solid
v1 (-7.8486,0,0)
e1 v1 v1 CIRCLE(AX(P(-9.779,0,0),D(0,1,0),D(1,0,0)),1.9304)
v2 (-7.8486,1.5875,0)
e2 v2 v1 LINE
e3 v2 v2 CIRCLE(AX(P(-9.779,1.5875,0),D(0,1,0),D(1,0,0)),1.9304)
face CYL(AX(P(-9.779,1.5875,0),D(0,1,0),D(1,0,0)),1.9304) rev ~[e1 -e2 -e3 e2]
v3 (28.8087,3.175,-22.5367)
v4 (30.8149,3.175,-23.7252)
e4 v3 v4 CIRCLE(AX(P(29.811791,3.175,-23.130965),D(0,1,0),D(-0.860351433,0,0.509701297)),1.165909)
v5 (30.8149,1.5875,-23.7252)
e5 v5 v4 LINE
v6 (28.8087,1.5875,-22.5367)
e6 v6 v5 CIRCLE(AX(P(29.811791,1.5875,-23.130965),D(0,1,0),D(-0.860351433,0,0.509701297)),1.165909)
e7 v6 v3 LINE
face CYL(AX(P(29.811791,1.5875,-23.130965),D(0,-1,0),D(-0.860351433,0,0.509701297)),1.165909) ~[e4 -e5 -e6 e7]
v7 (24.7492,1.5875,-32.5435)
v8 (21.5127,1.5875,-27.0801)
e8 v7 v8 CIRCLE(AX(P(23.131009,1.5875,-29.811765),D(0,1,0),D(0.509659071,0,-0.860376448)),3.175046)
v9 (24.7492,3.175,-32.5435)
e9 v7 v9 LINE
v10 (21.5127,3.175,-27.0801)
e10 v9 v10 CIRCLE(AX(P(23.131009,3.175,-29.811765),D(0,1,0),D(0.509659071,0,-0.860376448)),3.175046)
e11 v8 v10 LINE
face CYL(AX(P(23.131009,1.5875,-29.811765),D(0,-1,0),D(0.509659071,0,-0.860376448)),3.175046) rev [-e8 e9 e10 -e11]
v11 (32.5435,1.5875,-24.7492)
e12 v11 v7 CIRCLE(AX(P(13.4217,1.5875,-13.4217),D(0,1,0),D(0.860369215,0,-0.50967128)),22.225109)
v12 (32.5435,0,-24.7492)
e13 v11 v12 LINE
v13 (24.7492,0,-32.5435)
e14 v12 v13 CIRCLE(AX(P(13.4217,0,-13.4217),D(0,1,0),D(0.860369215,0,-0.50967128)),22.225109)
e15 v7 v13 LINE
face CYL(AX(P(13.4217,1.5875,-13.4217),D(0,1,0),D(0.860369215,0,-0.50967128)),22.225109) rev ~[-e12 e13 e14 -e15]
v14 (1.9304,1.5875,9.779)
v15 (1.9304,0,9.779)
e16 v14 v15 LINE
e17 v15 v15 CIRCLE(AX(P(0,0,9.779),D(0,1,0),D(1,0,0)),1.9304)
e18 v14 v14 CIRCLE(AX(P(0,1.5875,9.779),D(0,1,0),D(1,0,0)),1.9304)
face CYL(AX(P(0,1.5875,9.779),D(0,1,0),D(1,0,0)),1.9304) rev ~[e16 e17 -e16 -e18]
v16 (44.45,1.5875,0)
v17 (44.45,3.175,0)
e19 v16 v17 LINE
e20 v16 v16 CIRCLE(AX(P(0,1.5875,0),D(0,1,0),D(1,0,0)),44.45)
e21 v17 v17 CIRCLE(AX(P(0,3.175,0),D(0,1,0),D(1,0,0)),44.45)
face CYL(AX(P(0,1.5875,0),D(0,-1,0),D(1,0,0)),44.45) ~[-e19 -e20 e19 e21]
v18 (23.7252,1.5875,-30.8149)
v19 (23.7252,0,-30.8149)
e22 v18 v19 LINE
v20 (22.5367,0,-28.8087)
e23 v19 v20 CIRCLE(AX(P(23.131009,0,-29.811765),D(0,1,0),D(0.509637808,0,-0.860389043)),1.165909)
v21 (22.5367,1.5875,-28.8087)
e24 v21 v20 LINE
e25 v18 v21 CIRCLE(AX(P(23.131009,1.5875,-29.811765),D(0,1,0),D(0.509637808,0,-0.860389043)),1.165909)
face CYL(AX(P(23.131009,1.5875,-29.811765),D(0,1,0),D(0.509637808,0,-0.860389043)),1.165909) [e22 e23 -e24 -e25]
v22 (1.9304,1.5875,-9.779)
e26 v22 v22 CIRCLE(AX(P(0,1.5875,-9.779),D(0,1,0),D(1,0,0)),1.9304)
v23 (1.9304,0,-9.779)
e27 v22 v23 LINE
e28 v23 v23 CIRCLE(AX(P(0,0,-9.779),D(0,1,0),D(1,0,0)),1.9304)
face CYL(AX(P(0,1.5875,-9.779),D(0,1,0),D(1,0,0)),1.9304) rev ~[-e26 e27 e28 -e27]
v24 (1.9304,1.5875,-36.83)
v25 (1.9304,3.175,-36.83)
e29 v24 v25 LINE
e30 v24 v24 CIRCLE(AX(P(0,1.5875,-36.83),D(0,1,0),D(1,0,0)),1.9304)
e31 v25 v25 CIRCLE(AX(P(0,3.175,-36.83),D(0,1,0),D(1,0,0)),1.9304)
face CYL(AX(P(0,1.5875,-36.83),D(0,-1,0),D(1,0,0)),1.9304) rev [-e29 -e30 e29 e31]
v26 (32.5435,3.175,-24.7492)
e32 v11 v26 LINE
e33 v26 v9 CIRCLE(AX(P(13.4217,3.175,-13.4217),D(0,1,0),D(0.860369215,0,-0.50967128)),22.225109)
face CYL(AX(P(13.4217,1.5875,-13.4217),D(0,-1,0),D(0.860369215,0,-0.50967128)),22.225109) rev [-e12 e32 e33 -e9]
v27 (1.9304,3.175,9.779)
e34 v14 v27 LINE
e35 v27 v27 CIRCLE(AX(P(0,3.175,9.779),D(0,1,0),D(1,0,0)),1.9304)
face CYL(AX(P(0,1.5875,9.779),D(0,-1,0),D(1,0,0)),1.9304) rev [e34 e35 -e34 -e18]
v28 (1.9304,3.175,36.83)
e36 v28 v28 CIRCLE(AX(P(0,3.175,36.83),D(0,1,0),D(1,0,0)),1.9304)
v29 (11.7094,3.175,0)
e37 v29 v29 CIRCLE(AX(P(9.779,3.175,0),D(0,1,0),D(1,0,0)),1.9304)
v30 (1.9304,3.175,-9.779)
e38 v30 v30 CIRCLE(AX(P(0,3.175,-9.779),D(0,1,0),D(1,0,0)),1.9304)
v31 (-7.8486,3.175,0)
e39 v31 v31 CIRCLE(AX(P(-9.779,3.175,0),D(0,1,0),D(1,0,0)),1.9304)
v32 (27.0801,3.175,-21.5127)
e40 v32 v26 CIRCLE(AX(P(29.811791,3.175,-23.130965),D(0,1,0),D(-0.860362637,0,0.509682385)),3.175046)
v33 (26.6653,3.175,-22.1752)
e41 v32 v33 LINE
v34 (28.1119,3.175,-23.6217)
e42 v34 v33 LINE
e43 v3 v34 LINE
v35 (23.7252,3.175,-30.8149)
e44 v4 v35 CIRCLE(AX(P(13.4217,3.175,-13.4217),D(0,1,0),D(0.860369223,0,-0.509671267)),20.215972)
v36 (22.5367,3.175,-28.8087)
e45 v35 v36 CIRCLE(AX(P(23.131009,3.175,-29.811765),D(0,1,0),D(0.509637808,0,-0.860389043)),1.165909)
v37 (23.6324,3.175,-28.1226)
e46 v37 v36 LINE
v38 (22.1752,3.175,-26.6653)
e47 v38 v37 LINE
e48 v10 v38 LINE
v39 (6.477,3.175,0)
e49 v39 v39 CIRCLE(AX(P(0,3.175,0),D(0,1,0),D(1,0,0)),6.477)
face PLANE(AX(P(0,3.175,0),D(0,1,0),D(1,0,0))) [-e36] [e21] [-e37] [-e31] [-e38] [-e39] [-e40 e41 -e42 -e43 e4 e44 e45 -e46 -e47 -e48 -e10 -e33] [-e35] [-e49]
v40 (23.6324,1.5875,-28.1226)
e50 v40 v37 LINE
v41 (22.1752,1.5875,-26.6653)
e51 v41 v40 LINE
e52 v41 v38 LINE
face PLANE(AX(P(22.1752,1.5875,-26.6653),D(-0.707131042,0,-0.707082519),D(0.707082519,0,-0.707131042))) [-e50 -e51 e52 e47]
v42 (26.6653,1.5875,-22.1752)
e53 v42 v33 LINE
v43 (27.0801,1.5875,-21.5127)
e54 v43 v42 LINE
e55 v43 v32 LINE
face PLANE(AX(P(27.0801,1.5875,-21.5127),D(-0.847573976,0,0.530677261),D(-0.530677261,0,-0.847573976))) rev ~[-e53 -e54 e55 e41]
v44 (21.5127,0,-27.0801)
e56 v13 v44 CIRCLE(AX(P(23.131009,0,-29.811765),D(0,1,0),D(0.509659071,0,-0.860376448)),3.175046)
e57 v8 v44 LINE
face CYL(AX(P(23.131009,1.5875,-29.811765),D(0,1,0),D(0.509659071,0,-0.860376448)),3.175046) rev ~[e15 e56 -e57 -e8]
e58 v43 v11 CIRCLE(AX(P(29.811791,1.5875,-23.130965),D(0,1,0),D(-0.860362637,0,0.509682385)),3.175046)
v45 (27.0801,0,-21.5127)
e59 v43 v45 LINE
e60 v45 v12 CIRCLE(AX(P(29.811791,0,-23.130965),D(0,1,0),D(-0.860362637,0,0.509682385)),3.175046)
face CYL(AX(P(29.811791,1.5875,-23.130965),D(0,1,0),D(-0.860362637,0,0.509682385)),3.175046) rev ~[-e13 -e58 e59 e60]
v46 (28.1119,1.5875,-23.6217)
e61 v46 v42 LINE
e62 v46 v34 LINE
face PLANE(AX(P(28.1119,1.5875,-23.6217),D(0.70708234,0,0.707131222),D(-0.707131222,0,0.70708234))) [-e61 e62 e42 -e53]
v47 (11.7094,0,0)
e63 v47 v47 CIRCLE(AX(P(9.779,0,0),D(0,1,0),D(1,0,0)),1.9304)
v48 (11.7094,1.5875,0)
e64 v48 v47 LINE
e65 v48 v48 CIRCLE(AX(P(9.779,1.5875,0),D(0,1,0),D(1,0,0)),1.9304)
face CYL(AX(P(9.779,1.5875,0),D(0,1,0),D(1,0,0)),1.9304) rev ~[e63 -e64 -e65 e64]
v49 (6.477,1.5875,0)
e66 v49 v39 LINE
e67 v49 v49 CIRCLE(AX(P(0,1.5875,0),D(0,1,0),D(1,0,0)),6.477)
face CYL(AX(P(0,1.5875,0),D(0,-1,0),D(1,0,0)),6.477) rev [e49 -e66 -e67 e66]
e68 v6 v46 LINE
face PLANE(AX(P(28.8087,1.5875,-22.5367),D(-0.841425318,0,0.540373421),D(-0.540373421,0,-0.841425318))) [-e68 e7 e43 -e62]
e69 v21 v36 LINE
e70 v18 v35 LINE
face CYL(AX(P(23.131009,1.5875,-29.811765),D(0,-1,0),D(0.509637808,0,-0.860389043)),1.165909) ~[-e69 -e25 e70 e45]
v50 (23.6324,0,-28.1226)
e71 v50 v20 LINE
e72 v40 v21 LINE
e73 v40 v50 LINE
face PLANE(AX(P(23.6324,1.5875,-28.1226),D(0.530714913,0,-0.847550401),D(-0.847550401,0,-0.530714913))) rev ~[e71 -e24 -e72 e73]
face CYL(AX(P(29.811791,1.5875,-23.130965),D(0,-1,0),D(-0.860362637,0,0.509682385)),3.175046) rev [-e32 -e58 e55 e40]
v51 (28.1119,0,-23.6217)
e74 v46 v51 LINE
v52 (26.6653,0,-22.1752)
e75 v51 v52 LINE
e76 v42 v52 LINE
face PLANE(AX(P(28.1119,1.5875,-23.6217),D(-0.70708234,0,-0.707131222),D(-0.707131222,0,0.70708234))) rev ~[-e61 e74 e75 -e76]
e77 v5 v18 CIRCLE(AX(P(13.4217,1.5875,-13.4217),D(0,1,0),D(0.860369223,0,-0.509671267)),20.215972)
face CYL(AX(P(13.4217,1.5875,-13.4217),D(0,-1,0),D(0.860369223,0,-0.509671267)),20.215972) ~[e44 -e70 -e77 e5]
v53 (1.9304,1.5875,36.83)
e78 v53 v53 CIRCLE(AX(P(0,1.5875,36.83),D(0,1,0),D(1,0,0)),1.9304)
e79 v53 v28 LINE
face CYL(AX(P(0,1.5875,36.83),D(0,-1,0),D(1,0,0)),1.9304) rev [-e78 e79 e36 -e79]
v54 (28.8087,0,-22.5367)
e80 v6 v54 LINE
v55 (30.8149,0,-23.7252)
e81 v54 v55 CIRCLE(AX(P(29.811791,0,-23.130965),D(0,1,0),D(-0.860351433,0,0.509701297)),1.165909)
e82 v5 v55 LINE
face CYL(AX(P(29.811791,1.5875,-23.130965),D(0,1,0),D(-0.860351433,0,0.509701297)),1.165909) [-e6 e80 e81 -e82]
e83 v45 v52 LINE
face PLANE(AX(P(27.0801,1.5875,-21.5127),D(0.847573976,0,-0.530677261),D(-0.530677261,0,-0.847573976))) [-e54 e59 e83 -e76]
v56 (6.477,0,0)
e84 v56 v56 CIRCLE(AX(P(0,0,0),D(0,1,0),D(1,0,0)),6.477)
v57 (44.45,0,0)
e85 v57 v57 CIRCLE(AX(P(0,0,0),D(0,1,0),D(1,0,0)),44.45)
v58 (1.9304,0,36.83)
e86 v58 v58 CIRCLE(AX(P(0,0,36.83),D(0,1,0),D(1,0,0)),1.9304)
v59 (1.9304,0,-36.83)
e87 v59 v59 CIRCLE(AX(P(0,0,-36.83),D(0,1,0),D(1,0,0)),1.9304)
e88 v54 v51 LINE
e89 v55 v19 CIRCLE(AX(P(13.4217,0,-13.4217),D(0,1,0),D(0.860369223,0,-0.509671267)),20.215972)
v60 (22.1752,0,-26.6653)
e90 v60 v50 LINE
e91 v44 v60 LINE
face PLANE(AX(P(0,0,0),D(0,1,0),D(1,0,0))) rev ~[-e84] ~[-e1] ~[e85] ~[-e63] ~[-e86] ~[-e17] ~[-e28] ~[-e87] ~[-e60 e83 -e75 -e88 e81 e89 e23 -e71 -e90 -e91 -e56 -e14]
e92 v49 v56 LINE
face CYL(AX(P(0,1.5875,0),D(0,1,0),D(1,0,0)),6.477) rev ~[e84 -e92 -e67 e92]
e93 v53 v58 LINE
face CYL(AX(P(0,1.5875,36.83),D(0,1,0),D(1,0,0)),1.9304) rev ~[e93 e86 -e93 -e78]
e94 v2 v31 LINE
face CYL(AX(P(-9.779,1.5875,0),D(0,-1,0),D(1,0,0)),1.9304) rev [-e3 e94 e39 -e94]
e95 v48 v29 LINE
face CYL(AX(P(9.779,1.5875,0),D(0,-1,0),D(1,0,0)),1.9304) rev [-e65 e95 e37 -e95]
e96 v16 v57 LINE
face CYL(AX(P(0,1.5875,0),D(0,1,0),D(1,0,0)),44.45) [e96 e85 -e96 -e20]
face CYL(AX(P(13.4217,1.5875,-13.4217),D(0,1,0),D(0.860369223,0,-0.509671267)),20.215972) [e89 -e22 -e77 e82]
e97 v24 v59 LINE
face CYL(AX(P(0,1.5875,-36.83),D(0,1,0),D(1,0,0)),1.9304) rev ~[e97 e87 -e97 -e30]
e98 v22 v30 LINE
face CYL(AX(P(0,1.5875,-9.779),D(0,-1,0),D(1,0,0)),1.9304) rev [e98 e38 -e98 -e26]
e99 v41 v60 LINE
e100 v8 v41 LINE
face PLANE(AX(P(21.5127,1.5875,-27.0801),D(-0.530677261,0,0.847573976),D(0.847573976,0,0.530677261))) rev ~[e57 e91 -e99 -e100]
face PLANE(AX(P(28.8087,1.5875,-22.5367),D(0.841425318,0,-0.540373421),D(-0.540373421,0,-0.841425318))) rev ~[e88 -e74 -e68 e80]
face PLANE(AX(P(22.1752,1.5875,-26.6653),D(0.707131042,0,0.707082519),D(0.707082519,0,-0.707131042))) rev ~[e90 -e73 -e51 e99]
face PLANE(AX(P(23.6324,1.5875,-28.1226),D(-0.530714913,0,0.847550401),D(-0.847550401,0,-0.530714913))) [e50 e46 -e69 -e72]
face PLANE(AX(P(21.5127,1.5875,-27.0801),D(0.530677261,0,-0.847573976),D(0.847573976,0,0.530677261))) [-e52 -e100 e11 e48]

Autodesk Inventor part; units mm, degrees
ref_plane "YZ Plane" through (0, 0, 0) normal (1, 0, 0) x (0, 1, 0)
ref_plane "XZ Plane" through (0, 0, 0) normal (0, 1, 0) x (-1, 0, 0)
ref_plane "XY Plane" through (0, 0, 0) normal (0, 0, 1) x (1, 0, 0)
ref_plane "Work Plane1" through (0, 1.5875, 0) normal (0, 1, 0) x (1, 0, 0)
sketch "Sketch1" plane through (0, 1.5875, 0) normal (0, 1, 0) x (1, 0, 0)
  circle A0 centre (0, 0) radius 44.45
  circle A1 centre (0, -9.779) radius 1.778 construction
  circle A2 centre (-9.779, 0) radius 1.778 construction
  circle A3 centre (0, 9.779) radius 1.778 construction
  circle A4 centre (9.779, 0) radius 1.778 construction
  circle A5 centre (0, 0) radius 6.35 construction
  circle A6 centre (0, -9.779) radius 1.9304
  circle A7 centre (-9.779, 0) radius 1.9304
  circle A8 centre (0, 9.779) radius 1.9304
  circle A9 centre (9.779, 0) radius 1.9304
  circle A10 centre (0, 0) radius 6.477
  circle A11 centre (0, 0) radius 34.925 construction
  circle A12 centre (0, -36.83) radius 1.9304
  circle A13 centre (0, 36.83) radius 1.9304
  line L0 (0, 0) -> (31.4309, 31.4309) construction
  line L1 (0, 0) -> (44.45, 0) construction
  line L2 (28.8087, 22.5367) -> (28.1119, 23.6217)
  line L3 (22.1752, 26.6653) -> (23.6324, 28.1226)
  line L4 (23.6324, 28.1226) -> (22.5367, 28.8087)
  line L5 (21.5127, 27.0801) -> (22.1752, 26.6653)
  line L6 (28.1119, 23.6217) -> (26.6653, 22.1752)
  arc A14 (28.8087, 22.5367) -> (30.8149, 23.7252) centre (29.8118, 23.131) ccw
  arc A15 (23.7252, 30.8149) -> (22.5367, 28.8087) centre (23.131, 29.8118) ccw
  arc A16 (24.7492, 32.5435) -> (21.5127, 27.0801) centre (23.131, 29.8118) ccw
  arc A17 (27.0801, 21.5127) -> (32.5435, 24.7492) centre (29.8118, 23.131) ccw
  arc A18 (30.8149, 23.7252) -> (23.7252, 30.8149) centre (13.4217, 13.4217) ccw
  arc A19 (32.5435, 24.7492) -> (24.7492, 32.5435) centre (13.4217, 13.4217) ccw
  line L7 (27.0801, 21.5127) -> (26.6653, 22.1752)
  point P0 (24.7492, 32.5435)
  dimension "d1" = 88.9
  dimension "d2" = 3.8608
  dimension "d3" = 3.8608
  dimension "d5" = 3.8608
  dimension "d6" = 12.954
  dimension "d7" = 69.85
  dimension "d8" = 3.8608
  dimension "d10" = 3.8608
  dimension "d11" = 36.83
  dimension "d12" = 45
  dimension "d13" = 36.83
extrude "Extrusion1" add sketch "Sketch1" along normal mid plane 3.175
properties part number "615468 outer platen 3_5 diameter"
